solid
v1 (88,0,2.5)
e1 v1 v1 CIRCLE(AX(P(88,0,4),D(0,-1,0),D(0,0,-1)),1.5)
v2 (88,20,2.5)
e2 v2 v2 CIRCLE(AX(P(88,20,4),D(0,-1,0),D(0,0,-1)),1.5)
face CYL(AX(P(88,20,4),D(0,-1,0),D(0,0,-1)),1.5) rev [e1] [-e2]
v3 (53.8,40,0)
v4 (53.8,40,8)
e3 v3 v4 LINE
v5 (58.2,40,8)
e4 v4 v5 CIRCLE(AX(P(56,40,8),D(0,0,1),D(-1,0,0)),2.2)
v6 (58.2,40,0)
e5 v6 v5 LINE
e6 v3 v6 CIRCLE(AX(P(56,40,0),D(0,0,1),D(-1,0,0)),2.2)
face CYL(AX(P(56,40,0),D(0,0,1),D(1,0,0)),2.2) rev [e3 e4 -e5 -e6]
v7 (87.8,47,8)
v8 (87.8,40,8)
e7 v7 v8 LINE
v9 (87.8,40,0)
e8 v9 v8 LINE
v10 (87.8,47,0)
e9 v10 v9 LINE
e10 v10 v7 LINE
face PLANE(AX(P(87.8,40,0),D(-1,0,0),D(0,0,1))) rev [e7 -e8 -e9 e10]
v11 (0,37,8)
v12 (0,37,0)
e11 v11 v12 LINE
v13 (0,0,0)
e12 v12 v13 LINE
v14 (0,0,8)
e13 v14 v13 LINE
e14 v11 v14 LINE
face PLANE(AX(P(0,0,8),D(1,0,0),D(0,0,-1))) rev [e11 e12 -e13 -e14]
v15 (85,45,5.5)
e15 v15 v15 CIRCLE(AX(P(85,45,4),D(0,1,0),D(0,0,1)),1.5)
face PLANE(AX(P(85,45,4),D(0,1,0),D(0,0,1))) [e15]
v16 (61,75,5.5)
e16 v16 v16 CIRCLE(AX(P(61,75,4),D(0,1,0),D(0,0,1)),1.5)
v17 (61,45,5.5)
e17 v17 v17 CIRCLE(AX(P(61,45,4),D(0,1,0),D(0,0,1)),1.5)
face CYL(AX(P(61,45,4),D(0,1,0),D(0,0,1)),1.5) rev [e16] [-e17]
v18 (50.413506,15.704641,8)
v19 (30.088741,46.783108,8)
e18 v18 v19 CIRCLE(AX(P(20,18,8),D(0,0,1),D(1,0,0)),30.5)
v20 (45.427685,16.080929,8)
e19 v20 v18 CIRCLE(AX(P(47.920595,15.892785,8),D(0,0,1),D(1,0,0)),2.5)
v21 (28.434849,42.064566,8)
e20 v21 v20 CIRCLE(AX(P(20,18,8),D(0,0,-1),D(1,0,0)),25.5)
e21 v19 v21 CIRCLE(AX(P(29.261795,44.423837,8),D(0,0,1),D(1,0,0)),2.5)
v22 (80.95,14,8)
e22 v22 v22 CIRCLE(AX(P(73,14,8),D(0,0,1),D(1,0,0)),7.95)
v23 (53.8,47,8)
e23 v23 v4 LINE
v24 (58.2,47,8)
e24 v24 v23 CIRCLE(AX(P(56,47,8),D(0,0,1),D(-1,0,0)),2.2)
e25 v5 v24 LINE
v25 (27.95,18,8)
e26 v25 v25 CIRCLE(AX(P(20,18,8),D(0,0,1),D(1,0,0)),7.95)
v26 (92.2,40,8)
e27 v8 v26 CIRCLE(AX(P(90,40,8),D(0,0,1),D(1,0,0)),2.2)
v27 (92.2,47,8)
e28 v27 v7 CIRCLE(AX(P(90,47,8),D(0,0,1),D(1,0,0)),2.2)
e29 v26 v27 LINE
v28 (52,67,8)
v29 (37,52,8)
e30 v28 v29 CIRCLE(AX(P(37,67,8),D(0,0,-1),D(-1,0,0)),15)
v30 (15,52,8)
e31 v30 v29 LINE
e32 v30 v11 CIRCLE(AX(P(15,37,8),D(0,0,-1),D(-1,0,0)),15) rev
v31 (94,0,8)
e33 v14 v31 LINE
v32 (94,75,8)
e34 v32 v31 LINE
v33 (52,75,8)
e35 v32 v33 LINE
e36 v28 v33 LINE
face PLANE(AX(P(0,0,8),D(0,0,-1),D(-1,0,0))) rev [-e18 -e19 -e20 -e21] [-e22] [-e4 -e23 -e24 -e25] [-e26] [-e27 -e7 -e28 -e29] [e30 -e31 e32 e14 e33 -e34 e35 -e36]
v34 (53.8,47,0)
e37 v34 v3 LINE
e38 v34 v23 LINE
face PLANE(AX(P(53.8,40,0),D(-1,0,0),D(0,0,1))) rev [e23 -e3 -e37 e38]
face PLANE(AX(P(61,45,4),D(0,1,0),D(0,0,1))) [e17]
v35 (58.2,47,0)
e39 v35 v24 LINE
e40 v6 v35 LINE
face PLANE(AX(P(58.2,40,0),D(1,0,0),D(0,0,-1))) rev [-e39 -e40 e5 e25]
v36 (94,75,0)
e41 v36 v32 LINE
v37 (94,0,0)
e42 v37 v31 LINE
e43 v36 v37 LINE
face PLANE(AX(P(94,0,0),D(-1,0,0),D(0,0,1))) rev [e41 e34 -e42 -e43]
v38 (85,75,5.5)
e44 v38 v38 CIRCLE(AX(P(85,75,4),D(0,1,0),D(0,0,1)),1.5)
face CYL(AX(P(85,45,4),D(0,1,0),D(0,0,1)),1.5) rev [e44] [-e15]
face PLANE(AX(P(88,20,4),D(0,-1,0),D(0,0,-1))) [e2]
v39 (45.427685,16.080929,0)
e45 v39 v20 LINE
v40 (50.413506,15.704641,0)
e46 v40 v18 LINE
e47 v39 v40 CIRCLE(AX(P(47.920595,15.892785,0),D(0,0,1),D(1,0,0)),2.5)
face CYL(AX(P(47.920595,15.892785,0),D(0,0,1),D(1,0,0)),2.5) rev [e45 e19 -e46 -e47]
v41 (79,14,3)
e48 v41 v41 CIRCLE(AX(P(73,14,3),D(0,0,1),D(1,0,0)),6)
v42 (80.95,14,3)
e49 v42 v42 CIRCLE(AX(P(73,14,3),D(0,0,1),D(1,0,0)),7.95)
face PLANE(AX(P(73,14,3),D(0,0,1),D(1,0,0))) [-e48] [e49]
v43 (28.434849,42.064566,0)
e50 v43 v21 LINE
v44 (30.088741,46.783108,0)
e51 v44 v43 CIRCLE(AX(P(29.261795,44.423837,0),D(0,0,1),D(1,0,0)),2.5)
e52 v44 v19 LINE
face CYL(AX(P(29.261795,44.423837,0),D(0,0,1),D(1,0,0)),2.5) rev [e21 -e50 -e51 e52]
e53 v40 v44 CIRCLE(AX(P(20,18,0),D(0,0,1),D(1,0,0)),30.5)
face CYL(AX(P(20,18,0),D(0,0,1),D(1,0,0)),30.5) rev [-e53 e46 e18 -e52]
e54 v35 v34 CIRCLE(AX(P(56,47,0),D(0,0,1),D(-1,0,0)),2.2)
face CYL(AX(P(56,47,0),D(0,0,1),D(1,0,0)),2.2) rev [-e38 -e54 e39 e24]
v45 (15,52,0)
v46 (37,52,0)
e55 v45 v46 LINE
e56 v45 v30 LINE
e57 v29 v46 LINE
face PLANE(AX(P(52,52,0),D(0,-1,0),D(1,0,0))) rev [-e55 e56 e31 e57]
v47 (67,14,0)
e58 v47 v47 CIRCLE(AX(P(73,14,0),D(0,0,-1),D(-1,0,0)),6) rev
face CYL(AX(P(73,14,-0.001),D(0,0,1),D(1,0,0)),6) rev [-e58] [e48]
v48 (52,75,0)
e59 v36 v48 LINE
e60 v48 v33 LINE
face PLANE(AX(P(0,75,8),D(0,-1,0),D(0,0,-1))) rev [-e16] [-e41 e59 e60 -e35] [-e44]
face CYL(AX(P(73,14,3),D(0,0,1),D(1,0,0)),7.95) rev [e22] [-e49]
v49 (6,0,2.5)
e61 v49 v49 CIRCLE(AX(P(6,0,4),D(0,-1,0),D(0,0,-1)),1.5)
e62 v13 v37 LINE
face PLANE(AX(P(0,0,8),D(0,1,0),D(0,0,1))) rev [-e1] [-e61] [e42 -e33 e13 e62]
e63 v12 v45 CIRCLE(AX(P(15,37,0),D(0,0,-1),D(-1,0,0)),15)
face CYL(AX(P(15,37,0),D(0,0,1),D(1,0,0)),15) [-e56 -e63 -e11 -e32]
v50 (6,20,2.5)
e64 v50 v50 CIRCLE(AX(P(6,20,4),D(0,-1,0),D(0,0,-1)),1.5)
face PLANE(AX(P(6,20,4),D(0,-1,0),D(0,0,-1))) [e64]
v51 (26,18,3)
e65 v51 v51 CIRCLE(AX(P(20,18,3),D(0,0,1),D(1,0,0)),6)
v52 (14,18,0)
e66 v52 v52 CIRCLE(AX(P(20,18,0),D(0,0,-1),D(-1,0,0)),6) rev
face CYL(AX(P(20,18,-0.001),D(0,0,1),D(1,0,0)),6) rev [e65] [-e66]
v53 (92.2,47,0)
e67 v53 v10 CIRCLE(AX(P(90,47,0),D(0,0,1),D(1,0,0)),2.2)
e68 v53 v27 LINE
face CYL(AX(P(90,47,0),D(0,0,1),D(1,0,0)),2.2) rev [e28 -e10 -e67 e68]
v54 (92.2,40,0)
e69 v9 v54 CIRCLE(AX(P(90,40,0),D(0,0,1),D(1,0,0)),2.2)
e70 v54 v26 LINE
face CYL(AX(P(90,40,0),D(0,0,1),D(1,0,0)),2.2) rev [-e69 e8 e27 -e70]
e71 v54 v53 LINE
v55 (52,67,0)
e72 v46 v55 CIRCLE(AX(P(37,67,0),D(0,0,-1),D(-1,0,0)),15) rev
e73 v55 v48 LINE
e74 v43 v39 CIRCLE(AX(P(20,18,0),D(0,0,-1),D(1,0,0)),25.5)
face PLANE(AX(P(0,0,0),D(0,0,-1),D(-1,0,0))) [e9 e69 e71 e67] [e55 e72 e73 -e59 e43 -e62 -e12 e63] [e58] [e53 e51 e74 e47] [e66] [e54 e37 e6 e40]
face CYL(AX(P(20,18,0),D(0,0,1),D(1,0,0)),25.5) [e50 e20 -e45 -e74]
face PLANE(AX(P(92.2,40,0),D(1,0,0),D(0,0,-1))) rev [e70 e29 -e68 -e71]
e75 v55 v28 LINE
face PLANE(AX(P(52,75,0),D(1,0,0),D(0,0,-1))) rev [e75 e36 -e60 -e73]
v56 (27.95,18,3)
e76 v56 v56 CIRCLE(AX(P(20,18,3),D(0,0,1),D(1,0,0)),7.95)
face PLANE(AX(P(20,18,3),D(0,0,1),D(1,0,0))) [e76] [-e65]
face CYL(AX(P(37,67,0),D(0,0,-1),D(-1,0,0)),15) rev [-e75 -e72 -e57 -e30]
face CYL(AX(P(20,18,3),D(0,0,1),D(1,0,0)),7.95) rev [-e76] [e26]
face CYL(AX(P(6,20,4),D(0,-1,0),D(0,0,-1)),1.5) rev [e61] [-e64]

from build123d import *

# Parameters (mm, degrees)
ESQUISSE1_W             = 114.432989691
ESQUISSE1_H             = 75
BOSS_EXTRU_1_DEPTH      = 8
ESQUISSE2_R             = 7.95
ENL_V_MAT_EXTRU_1_DEPTH = 5
ENL_V_MAT_EXTRU_2_REACH = 5
ESQUISSE3_R             = 6
ENL_V_MAT_EXTRU_3_DEPTH = 9
ESQUISSE5_W             = 20.432989691
ESQUISSE5_H             = 75
ENL_V_MAT_EXTRU_4_DEPTH = 9
ENL_V_MAT_EXTRU_5_DEPTH = 9
ESQUISSE7_W             = 52
ESQUISSE7_H             = 23
ENL_V_MAT_EXTRU_6_DEPTH = 9
ESQUISSE10_R            = 1.5
ENL_V_MAT_EXTRU_7_DEPTH = 30
CONG_1_R                = 15
ESQUISSE11_R            = 1.5
ENL_V_MAT_EXTRU_8_DEPTH = 20


with BuildPart() as part:
    # Esquisse1 → Boss.-Extru.1 (new body)
    with BuildSketch(Plane.XY):
        with Locations((57.216494846, 37.5)):
            Rectangle(ESQUISSE1_W, ESQUISSE1_H)
    extrude(amount=BOSS_EXTRU_1_DEPTH)

    # Esquisse2 → Enlèv. mat.-Extru.1 (cut)
    with BuildSketch(Plane.XY.offset(8)):
        with Locations((20, 18)):
            Circle(ESQUISSE2_R)
        with Locations((73, 14)):
            Circle(ESQUISSE2_R)
    extrude(amount=-ENL_V_MAT_EXTRU_1_DEPTH, mode=Mode.SUBTRACT)

    # Esquisse3 → Enlèv. mat.-Extru.2 (cut, up to next)
    with BuildSketch(Plane.XY.offset(3), mode=Mode.PRIVATE) as enl_v_mat_extru_2_sk1:
        with Locations((20, 18)):
            Circle(ESQUISSE3_R)
    enl_v_mat_extru_2_tool1 = extrude(enl_v_mat_extru_2_sk1.sketch, amount=-ENL_V_MAT_EXTRU_2_REACH, mode=Mode.PRIVATE) & part.part
    add(enl_v_mat_extru_2_tool1.solids().sort_by_distance((20, 18, 3))[0], mode=Mode.SUBTRACT)
    # Esquisse3 → Enlèv. mat.-Extru.2 (cut, up to next)
    with BuildSketch(Plane.XY.offset(3), mode=Mode.PRIVATE) as enl_v_mat_extru_2_sk2:
        with Locations((73, 14)):
            Circle(ESQUISSE3_R)
    enl_v_mat_extru_2_tool2 = extrude(enl_v_mat_extru_2_sk2.sketch, amount=-ENL_V_MAT_EXTRU_2_REACH, mode=Mode.PRIVATE) & part.part
    add(enl_v_mat_extru_2_tool2.solids().sort_by_distance((73, 14, 3))[0], mode=Mode.SUBTRACT)

    # Esquisse4 → Enlèv. mat.-Extru.3 (cut, through all)
    with BuildSketch(Plane.XY.offset(8)):
        with BuildLine():
            ThreePointArc((50.413505675, 15.704641081), (45.525982293, 34.69353851), (30.088740957, 46.783107996))
            ThreePointArc((30.088740957, 46.783107996), (26.90252383, 45.250782829), (28.434848997, 42.064565701))
            ThreePointArc((28.434848997, 42.064565701), (41.341395032, 31.956892853), (45.427685072, 16.080929428))
            ThreePointArc((45.427685072, 16.080929428), (47.7324512, 13.399874954), (50.413505675, 15.704641081))
        make_face()
    extrude(amount=-ENL_V_MAT_EXTRU_3_DEPTH, mode=Mode.SUBTRACT)

    # Esquisse5 → Enlèv. mat.-Extru.4 (cut, through all)
    with BuildSketch(Plane.XY.offset(8)):
        with Locations((104.216494845, 37.5)):
            Rectangle(ESQUISSE5_W, ESQUISSE5_H)
    extrude(amount=-ENL_V_MAT_EXTRU_4_DEPTH, mode=Mode.SUBTRACT)

    # Esquisse6 → Enlèv. mat.-Extru.5 (cut, through all)
    with BuildSketch(Plane.XY.offset(8)):
        with BuildLine():
            Line((87.8, 40), (87.8, 47))
            ThreePointArc((87.8, 47), (90, 49.2), (92.2, 47))
            Line((92.2, 47), (92.2, 40))
            ThreePointArc((92.2, 40), (90, 37.8), (87.8, 40))
        make_face()
        with BuildLine():
            Line((58.2, 40), (58.2, 47))
            ThreePointArc((58.2, 47), (56, 49.2), (53.8, 47))
            Line((53.8, 47), (53.8, 40))
            ThreePointArc((53.8, 40), (56, 37.8), (58.2, 40))
        make_face()
    extrude(amount=-ENL_V_MAT_EXTRU_5_DEPTH, mode=Mode.SUBTRACT)

    # Esquisse7 → Enlèv. mat.-Extru.6 (cut, through all)
    with BuildSketch(Plane.XY.offset(8)):
        with Locations((26, 63.5)):
            Rectangle(ESQUISSE7_W, ESQUISSE7_H)
    extrude(amount=-ENL_V_MAT_EXTRU_6_DEPTH, mode=Mode.SUBTRACT)

    # Esquisse10 → Enlèv. mat.-Extru.7 (cut)
    with BuildSketch(Plane(origin=(0, 75, 0), x_dir=(1, 0, 0), z_dir=(0, 1, 0))):
        with Locations((85, -4)):
            Circle(ESQUISSE10_R)
        with Locations((61, -4)):
            Circle(ESQUISSE10_R)
    extrude(amount=-ENL_V_MAT_EXTRU_7_DEPTH, mode=Mode.SUBTRACT)

    # Congé1
    cong_1_edges = [part.edges().sort_by_distance(p)[0] for p in [
        (52, 52, 4),
        (0, 52, 4),
    ]]
    fillet(cong_1_edges, radius=CONG_1_R)

    # Esquisse11 → Enlèv. mat.-Extru.8 (cut)
    with BuildSketch(Plane.XZ):
        with Locations((6, 4)):
            Circle(ESQUISSE11_R)
        with Locations((88, 4)):
            Circle(ESQUISSE11_R)
    extrude(amount=-ENL_V_MAT_EXTRU_8_DEPTH, mode=Mode.SUBTRACT)


solid = part.part
